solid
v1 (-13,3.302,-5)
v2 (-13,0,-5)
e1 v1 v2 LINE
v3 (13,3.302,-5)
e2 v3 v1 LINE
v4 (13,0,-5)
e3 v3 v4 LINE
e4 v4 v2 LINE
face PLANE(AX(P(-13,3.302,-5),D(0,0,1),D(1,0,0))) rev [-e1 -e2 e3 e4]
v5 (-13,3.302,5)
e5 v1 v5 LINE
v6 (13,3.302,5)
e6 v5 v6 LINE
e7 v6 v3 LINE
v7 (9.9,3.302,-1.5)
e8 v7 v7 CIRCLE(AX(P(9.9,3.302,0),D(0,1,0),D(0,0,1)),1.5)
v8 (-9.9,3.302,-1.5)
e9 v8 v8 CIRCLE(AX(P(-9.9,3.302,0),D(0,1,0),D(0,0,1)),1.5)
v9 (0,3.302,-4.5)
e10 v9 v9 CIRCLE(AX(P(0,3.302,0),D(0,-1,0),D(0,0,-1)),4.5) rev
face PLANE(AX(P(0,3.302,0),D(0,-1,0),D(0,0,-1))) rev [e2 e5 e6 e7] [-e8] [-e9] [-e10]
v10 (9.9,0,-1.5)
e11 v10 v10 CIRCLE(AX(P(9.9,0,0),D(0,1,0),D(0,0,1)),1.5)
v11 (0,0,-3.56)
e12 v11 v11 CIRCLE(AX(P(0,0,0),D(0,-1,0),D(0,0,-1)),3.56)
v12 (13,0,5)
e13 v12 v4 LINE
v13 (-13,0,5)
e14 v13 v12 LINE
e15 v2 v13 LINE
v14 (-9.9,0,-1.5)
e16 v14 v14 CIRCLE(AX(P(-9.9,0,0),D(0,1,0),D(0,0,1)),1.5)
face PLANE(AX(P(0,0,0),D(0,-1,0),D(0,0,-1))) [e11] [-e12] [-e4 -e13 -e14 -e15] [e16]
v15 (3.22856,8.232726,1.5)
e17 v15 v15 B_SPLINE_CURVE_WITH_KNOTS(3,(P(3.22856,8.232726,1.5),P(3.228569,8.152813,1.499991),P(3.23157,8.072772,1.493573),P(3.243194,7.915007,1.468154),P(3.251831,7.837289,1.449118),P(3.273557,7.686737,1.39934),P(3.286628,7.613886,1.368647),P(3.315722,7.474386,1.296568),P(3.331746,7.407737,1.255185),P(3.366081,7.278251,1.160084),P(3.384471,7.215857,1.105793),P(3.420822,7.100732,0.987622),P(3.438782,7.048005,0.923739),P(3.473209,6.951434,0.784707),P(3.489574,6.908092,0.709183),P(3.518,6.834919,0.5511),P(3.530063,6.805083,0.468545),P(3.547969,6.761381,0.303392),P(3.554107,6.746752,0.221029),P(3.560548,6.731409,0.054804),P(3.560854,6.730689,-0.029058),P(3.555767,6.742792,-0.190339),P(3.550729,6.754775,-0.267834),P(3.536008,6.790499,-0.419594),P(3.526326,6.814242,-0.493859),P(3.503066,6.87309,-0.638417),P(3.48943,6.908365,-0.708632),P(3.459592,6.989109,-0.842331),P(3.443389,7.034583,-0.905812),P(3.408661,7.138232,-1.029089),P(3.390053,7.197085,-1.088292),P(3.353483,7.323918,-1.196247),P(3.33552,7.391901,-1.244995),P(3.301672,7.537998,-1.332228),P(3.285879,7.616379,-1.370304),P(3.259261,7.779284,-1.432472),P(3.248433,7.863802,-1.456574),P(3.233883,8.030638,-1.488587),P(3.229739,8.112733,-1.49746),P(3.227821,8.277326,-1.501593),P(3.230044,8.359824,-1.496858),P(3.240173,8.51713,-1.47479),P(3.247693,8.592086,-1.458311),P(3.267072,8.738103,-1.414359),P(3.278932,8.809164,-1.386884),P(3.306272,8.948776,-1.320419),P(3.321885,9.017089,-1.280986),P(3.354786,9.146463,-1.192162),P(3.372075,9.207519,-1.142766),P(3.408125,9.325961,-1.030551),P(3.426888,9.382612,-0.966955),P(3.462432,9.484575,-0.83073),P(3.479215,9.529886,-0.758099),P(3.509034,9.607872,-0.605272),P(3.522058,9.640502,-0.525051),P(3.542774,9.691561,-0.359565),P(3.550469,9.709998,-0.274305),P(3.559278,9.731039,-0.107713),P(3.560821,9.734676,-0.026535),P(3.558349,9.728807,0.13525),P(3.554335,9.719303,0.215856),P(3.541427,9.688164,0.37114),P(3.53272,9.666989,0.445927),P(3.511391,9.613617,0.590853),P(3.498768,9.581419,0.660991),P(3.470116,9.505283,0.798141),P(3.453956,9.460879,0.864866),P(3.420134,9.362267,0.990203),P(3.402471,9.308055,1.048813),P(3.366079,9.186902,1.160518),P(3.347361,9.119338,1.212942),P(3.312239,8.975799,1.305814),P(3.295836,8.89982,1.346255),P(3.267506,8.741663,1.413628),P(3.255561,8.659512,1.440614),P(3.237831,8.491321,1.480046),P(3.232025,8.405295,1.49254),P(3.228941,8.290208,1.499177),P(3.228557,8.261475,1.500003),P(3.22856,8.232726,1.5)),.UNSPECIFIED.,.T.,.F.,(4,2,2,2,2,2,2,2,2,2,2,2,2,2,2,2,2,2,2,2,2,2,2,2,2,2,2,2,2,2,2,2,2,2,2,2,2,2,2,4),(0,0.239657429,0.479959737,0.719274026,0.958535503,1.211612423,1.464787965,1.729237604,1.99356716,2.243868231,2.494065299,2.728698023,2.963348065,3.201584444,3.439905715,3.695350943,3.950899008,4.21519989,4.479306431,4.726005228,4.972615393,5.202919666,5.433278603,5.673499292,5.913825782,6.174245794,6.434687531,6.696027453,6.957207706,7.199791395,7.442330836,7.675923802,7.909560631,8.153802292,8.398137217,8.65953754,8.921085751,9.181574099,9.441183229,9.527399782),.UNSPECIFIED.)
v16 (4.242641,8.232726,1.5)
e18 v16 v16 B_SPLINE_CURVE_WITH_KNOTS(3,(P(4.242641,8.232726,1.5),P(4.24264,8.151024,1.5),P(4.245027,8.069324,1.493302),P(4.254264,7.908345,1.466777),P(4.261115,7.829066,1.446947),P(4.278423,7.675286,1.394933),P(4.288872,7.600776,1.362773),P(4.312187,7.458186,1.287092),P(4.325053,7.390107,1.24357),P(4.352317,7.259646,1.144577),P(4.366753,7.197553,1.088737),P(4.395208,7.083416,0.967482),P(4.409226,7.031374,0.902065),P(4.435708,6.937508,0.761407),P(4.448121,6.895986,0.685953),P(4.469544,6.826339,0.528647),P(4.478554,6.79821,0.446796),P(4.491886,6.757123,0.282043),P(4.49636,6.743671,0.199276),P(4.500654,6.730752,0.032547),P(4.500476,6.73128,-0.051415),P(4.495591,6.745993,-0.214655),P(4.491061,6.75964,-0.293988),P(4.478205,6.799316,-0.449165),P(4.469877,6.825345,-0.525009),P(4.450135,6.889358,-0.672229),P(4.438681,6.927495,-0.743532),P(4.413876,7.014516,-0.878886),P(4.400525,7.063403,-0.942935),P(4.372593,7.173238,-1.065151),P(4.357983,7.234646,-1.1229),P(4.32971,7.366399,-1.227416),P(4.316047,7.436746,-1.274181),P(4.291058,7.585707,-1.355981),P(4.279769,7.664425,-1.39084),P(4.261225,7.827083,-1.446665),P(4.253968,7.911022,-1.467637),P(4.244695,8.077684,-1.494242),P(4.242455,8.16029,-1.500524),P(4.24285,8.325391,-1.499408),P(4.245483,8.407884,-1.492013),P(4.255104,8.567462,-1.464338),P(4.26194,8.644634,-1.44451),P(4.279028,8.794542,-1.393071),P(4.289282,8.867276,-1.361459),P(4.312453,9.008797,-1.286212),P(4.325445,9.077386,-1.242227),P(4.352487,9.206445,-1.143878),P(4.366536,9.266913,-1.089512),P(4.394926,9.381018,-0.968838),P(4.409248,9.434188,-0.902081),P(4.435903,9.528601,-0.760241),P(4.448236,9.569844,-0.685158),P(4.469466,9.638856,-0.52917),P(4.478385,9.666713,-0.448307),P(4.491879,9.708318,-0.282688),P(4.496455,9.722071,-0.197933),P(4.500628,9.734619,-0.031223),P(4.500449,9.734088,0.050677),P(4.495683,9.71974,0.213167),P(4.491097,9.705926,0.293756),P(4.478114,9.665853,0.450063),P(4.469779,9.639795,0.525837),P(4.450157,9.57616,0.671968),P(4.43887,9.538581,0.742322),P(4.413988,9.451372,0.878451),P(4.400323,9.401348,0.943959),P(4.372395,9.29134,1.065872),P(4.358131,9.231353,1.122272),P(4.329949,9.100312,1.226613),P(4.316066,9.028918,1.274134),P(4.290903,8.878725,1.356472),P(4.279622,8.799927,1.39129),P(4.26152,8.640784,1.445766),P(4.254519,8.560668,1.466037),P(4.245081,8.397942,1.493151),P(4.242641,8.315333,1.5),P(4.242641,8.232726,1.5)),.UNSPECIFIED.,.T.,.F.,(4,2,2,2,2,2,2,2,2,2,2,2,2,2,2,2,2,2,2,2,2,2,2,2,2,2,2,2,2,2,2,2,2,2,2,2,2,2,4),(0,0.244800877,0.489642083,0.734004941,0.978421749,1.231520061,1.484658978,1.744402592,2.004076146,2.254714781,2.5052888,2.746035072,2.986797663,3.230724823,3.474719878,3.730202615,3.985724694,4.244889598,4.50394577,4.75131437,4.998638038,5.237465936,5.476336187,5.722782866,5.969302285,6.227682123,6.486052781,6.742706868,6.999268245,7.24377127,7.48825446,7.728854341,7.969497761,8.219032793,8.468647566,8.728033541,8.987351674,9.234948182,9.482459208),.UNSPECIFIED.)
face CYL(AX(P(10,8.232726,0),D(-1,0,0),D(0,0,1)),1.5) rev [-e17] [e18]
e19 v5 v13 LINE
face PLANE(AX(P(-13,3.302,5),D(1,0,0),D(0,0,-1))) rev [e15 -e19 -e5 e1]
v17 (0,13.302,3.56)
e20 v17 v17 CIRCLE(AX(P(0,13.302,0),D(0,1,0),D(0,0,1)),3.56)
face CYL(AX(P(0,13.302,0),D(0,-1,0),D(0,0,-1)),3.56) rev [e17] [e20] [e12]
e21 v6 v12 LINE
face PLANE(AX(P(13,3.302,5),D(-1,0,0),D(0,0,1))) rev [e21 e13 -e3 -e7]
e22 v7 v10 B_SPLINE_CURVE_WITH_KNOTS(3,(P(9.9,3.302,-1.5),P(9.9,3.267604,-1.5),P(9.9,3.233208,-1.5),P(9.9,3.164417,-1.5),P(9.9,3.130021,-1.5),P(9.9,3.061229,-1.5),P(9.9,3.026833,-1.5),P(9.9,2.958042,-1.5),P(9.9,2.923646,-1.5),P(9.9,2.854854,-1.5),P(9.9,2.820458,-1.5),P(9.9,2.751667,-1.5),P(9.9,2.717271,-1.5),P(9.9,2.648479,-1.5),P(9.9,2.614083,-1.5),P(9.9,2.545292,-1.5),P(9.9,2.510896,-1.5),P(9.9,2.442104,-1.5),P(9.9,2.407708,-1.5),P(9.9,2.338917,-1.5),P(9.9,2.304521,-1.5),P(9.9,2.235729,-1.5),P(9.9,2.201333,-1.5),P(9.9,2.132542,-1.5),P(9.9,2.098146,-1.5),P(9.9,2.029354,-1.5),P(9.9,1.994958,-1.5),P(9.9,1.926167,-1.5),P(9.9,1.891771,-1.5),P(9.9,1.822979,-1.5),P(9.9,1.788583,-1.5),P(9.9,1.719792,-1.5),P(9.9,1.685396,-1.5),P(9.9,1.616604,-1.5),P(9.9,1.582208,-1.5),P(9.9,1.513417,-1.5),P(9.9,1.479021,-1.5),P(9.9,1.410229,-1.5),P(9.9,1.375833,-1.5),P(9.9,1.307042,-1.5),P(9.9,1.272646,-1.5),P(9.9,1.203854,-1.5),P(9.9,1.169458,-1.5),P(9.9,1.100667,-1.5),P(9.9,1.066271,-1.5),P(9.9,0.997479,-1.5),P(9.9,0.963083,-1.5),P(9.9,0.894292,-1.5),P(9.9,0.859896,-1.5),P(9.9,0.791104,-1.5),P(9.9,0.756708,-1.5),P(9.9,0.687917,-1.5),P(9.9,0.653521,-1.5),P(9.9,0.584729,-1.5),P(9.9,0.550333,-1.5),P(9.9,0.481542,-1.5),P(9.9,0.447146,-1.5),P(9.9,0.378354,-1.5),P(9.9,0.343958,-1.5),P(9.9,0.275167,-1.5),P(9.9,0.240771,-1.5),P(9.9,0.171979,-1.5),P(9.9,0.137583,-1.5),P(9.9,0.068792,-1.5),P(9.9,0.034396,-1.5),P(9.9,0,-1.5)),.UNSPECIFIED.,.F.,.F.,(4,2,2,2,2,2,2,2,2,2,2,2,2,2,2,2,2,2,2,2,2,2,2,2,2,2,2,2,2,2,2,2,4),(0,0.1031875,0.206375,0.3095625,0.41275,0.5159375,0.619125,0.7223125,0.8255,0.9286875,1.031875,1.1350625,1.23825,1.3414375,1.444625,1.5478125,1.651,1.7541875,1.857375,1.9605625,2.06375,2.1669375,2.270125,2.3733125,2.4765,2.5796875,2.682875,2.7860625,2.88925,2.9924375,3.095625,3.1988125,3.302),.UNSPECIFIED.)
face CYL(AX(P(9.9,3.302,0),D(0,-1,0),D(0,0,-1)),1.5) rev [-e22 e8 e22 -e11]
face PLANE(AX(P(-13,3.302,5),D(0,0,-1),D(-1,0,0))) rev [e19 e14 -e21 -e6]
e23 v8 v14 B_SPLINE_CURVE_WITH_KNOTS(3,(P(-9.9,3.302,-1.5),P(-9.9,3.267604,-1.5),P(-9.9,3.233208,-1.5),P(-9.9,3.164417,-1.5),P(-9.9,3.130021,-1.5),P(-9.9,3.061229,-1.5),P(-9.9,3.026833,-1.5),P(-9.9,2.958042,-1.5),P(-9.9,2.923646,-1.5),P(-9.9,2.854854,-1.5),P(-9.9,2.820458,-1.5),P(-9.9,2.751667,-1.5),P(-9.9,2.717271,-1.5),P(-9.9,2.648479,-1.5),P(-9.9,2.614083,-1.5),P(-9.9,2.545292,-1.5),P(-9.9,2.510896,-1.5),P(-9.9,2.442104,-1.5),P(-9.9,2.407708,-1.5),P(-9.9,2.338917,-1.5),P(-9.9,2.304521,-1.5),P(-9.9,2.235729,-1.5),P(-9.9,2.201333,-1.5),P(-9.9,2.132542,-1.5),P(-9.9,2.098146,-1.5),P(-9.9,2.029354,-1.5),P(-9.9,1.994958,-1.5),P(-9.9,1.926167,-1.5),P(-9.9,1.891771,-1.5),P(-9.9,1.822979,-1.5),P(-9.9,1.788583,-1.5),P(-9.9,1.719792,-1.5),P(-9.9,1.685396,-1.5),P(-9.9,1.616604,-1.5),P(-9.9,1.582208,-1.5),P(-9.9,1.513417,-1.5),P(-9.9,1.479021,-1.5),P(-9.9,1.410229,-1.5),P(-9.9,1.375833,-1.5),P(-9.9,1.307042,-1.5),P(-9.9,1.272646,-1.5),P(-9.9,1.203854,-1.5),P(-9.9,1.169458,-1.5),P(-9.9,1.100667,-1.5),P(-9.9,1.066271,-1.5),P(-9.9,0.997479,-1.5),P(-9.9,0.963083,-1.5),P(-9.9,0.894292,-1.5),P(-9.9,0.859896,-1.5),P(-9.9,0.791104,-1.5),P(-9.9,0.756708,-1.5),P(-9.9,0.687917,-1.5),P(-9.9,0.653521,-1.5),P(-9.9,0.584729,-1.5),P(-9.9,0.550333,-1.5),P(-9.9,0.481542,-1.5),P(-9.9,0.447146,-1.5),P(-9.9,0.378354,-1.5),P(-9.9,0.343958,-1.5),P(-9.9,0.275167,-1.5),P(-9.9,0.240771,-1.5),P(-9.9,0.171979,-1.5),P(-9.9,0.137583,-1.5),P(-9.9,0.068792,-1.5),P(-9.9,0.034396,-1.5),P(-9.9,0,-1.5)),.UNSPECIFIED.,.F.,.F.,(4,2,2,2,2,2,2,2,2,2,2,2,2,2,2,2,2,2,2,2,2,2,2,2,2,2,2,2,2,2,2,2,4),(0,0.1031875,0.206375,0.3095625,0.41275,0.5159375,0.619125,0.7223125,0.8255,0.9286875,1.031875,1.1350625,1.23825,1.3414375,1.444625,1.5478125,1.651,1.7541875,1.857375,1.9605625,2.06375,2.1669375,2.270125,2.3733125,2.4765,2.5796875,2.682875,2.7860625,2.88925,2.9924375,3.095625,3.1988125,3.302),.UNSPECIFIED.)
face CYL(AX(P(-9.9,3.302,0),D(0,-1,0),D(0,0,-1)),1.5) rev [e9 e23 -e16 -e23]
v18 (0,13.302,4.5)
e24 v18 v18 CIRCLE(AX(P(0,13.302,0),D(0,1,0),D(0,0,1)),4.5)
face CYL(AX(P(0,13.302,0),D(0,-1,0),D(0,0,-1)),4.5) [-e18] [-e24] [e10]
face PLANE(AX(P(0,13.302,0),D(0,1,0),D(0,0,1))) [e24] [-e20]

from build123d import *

# Parameters (mm, degrees)
SKETCH1_W             = 26
SKETCH1_H             = 10
SKETCH1_R             = 1.5
BOSS_EXTRUDE5_DEPTH   = 3.302
SKETCH5_R             = 4.5
SKETCH5_R_2           = 3.56
BOSS_EXTRUDE7_DEPTH   = 10
SKETCH7_R             = 1.5
CUT_EXTRUDE1_DEPTH    = 10
CORTAR_EXTRUIR1_START = -10
CROQUIS1_R            = 3.56
CORTAR_EXTRUIR1_DEPTH = 10


with BuildPart() as part:
    # Sketch1 → Boss-Extrude5 (new body)
    with BuildSketch(Plane(origin=(0, 0, 0), x_dir=(1, 0, 0), z_dir=(0, 1, 0))):
        Rectangle(SKETCH1_W, SKETCH1_H)
        with Locations(Location((-9.9, 0, 0), (0, 0, 90))):
            Circle(SKETCH1_R, mode=Mode.SUBTRACT)
        with Locations(Location((9.9, 0, 0), (0, 0, 90))):
            Circle(SKETCH1_R, mode=Mode.SUBTRACT)
    extrude(amount=BOSS_EXTRUDE5_DEPTH)

    # Sketch5 → Boss-Extrude7 (add)
    with BuildSketch(Plane(origin=(0, 3.302, 0), x_dir=(1, 0, 0), z_dir=(0, 1, 0))):
        with Locations(Location((0, 0, 0), (0, 0, 90))):
            Circle(SKETCH5_R)
        with Locations(Location((0, 0, 0), (0, 0, 270))):
            Circle(SKETCH5_R_2, mode=Mode.SUBTRACT)
    extrude(amount=BOSS_EXTRUDE7_DEPTH)

    # Sketch7 → Cut-Extrude1 (cut)
    with BuildSketch(Plane(origin=(0, 0, 0), x_dir=(0, 0, -1), z_dir=(1, 0, 0))):
        with Locations(Location((0, 8.232726323, 0), (0, 0, 180))):
            Circle(SKETCH7_R)
    extrude(amount=CUT_EXTRUDE1_DEPTH, mode=Mode.SUBTRACT)

    # Croquis1 → Cortar-Extruir1 (cut)
    with BuildSketch(Plane(origin=(0, 3.302, 0), x_dir=(1, 0, 0), z_dir=(0, 1, 0)).offset(CORTAR_EXTRUIR1_START)):
        with Locations(Location((0, 0, 0), (0, 0, 90))):
            Circle(CROQUIS1_R)
    extrude(amount=CORTAR_EXTRUIR1_DEPTH, mode=Mode.SUBTRACT)


solid = part.part
